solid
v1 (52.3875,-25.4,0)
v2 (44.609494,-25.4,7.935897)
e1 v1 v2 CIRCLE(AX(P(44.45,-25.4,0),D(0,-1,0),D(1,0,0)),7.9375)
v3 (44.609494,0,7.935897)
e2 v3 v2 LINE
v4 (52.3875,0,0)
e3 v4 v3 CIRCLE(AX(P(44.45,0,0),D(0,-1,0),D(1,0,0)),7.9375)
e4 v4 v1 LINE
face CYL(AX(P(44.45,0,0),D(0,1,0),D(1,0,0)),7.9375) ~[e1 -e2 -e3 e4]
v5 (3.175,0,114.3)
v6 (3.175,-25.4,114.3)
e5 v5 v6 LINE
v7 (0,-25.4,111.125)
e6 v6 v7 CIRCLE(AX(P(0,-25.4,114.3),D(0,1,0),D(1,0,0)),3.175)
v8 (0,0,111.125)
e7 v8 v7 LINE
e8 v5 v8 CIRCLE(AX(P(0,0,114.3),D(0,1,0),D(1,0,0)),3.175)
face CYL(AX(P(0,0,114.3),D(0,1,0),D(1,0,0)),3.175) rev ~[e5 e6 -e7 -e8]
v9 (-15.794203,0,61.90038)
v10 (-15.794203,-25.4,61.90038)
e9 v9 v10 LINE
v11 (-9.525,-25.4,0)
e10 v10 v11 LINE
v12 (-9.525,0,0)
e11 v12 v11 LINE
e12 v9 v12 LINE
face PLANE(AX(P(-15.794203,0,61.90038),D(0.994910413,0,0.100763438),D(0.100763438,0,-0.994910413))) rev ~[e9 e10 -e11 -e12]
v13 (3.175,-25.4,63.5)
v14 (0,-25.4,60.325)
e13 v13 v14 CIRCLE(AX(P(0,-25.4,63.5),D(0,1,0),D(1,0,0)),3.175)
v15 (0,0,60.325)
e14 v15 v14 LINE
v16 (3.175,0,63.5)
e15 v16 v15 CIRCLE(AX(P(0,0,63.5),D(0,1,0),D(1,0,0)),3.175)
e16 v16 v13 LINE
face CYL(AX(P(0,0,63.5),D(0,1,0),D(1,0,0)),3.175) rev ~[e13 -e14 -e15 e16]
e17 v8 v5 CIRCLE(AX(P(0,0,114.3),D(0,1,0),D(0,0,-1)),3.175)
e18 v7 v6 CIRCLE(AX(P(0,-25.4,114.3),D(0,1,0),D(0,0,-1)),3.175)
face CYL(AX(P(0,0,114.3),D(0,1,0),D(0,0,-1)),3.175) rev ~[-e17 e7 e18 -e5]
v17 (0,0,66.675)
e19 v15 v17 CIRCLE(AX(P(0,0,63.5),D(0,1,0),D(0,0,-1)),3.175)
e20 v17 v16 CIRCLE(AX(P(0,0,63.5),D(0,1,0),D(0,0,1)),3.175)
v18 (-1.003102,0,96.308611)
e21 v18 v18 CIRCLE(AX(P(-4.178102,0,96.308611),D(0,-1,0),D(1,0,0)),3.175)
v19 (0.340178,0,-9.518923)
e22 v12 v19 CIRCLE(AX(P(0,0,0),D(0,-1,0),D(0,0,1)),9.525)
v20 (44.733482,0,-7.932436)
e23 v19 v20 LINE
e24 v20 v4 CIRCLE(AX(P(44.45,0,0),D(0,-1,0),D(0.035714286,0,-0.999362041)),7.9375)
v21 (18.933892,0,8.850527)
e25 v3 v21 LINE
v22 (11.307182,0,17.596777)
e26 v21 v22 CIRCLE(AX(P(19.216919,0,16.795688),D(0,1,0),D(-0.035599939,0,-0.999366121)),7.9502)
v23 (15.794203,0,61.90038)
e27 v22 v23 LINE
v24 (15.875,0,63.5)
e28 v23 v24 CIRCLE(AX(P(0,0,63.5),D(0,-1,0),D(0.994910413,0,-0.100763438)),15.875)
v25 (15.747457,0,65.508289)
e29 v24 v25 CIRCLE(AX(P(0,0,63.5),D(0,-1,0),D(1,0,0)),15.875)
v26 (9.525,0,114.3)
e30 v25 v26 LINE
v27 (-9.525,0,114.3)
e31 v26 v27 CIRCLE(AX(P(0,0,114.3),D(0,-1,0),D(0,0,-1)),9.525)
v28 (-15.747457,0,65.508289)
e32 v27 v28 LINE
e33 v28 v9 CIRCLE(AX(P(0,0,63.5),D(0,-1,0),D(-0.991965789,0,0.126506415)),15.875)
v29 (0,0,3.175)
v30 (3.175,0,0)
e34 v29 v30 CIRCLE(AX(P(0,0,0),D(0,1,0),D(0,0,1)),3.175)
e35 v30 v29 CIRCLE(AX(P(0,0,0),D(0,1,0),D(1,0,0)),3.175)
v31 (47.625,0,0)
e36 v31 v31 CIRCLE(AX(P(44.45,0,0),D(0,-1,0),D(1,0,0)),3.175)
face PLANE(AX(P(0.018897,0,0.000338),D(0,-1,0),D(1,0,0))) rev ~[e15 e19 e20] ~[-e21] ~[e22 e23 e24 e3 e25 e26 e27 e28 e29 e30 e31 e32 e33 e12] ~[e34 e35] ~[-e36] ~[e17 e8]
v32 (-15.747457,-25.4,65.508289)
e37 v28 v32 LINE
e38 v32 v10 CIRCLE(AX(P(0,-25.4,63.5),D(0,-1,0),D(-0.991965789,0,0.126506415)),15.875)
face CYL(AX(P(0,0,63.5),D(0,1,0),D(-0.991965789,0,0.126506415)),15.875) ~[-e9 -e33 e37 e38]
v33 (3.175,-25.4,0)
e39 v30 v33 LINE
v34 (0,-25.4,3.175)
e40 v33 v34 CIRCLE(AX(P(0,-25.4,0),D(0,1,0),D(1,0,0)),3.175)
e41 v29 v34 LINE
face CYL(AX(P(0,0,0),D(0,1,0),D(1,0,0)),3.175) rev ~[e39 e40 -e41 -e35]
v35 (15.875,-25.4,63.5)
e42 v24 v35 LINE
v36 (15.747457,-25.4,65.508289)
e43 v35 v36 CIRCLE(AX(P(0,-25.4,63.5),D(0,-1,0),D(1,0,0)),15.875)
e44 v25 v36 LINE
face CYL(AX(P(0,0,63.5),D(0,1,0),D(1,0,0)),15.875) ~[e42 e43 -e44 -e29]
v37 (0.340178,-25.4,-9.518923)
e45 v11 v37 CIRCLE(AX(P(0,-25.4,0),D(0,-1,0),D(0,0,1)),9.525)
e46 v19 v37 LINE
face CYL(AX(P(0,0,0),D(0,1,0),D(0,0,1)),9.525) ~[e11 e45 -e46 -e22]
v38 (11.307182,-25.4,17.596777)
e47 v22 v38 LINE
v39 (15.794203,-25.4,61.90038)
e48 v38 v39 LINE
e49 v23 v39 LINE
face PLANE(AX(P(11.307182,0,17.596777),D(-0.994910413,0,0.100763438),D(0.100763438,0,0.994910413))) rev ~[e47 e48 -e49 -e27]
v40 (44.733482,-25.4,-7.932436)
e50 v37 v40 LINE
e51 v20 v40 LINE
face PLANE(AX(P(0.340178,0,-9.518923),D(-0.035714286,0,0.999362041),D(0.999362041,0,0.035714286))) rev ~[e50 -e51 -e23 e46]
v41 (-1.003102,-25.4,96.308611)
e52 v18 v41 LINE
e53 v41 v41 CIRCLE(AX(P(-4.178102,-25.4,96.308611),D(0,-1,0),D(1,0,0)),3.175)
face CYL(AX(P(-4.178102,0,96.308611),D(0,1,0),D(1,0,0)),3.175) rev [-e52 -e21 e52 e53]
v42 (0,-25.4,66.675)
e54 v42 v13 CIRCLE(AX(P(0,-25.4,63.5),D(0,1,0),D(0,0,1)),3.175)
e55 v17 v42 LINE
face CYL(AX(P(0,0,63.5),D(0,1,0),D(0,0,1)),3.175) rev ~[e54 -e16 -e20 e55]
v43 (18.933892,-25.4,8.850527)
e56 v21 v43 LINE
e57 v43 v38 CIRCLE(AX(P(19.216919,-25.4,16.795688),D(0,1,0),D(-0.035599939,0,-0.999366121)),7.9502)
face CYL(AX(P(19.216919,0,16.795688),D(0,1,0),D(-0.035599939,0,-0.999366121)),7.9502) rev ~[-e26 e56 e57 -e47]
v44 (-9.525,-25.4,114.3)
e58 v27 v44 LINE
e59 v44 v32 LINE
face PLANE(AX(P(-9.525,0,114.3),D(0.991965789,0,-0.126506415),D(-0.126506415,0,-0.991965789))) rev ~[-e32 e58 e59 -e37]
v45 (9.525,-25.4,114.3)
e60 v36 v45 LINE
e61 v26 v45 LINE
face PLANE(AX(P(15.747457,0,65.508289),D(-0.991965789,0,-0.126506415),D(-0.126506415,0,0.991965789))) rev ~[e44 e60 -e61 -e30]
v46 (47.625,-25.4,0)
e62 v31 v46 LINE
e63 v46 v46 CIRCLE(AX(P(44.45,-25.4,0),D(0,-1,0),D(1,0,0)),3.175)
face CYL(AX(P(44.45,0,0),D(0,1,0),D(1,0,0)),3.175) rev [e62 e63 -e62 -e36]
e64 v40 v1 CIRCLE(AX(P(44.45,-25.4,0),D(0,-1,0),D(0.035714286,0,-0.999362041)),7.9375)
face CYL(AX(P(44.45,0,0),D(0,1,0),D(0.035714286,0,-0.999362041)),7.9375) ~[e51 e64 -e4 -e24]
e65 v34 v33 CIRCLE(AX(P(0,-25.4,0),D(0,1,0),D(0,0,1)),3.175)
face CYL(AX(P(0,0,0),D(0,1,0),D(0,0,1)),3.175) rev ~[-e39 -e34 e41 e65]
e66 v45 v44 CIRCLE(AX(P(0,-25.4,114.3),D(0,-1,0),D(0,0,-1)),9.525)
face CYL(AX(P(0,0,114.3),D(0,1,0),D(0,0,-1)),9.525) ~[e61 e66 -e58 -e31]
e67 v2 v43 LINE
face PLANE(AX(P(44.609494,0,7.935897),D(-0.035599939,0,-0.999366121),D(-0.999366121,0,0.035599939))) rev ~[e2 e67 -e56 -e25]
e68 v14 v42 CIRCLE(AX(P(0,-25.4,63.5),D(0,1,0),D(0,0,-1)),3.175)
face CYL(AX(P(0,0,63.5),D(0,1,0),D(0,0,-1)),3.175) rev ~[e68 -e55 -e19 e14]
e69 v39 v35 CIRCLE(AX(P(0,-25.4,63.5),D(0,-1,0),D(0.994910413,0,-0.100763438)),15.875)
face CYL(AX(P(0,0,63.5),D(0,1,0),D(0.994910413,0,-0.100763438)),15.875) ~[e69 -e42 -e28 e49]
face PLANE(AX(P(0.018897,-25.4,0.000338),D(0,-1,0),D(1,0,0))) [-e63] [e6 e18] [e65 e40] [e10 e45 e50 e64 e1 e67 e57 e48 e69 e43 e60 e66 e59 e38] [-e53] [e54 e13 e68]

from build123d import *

# Parameters (mm, degrees)
F0_R     = 3.175
F1_DEPTH = 25.4


with BuildPart() as f1:
    # F0 (on Front) → F1 (new body)
    with BuildSketch(Plane.XZ):
        with BuildLine():
            ThreePointArc((9.525, 0), (6.7351920908, 6.7351920908), (0, 9.525))
            ThreePointArc((0, 9.525), (-6.7351920908, 6.7351920908), (-9.525, 0))
            ThreePointArc((-9.525, 0), (-6.6138274083, -6.8544082176), (0.3401783754, -9.5189234514))
            ThreePointArc((0.3401783754, -9.5189234514), (6.8544082176, -6.6138274083), (9.525, 0))
        make_face()
        with BuildLine():
            ThreePointArc((3.175, 0), (-2.2450640303, -2.2450640303), (0, 3.175))
            ThreePointArc((0, 3.175), (2.2450640303, 2.2450640303), (3.175, 0))
        make_face(mode=Mode.SUBTRACT)
        with BuildLine():
            ThreePointArc((-9.525, 0), (-6.7351920908, 6.7351920908), (0, 9.525))
            Line((0, 9.525), (0, 47.625))
            ThreePointArc((0, 47.625), (-10.644756084, 51.722700101), (-15.7942028036, 61.9003804205))
            Line((-15.7942028036, 61.9003804205), (-9.525, 0))
        make_face()
        with BuildLine():
            Line((0, 47.625), (0, 9.525))
            ThreePointArc((0, 9.525), (6.7351920908, 6.7351920908), (9.525, 0))
            ThreePointArc((9.525, 0), (6.8544082176, -6.6138274083), (0.3401783754, -9.5189234514))
            Line((0.3401783754, -9.5189234514), (44.7334821429, -7.9324362036))
            ThreePointArc((44.7334821429, -7.9324362036), (36.5127422872, -0.0620181515), (44.6094941417, 7.9358974205))
            Line((44.6094941417, 7.9358974205), (18.9338924558, 8.8505270449))
            ThreePointArc((18.9338924558, 8.8505270449), (13.2248772537, 11.5706407269), (11.3071823287, 17.5967770675))
            Line((11.3071823287, 17.5967770675), (15.7942028036, 61.9003804205))
            ThreePointArc((15.7942028036, 61.9003804205), (10.644756084, 51.722700101), (0, 47.625))
        make_face()
        with BuildLine():
            ThreePointArc((-15.7942028036, 61.9003804205), (-10.644756084, 51.722700101), (0, 47.625))
            Line((0, 47.625), (0, 60.325))
            ThreePointArc((0, 60.325), (-3.175, 63.5), (0, 66.675))
            Line((0, 66.675), (0, 79.375))
            ThreePointArc((0, 79.375), (-10.4912828548, 75.4142187767), (-15.7474569047, 65.5082893304))
            ThreePointArc((-15.7474569047, 65.5082893304), (-15.873667691, 63.7056672947), (-15.7942028036, 61.9003804205))
        make_face()
        with BuildLine():
            Line((0, 60.325), (0, 47.625))
            ThreePointArc((0, 47.625), (10.644756084, 51.722700101), (15.7942028036, 61.9003804205))
            ThreePointArc((15.7942028036, 61.9003804205), (15.8547878338, 62.6991705884), (15.875, 63.5))
            ThreePointArc((15.875, 63.5), (15.8430821396, 64.5061676396), (15.7474569047, 65.5082893304))
            ThreePointArc((15.7474569047, 65.5082893304), (10.4912828548, 75.4142187767), (0, 79.375))
            Line((0, 79.375), (0, 66.675))
            ThreePointArc((0, 66.675), (2.2450640303, 65.7450640303), (3.175, 63.5))
            ThreePointArc((3.175, 63.5), (2.2450640303, 61.2549359697), (0, 60.325))
        make_face()
        with BuildLine():
            Line((-9.525, 114.3), (-15.7474569047, 65.5082893304))
            ThreePointArc((-15.7474569047, 65.5082893304), (-10.4912828548, 75.4142187767), (0, 79.375))
            Line((0, 79.375), (0, 104.775))
            ThreePointArc((0, 104.775), (-6.7351920908, 107.5648079092), (-9.525, 114.3))
        make_face()
        with Locations((-4.1781016625, 96.3086113334)):
            Circle(F0_R, mode=Mode.SUBTRACT)
        with BuildLine():
            ThreePointArc((44.6094941417, 7.9358974205), (36.5127422872, -0.0620181515), (44.7334821429, -7.9324362036))
            ThreePointArc((44.7334821429, -7.9324362036), (50.1620069047, -5.5115227815), (52.3875, 0))
            ThreePointArc((52.3875, 0), (50.1187693109, 5.5559842287), (44.6094941417, 7.9358974205))
        make_face()
        with Locations((44.45, 0)):
            Circle(F0_R, mode=Mode.SUBTRACT)
        with BuildLine():
            Line((0, 104.775), (0, 79.375))
            ThreePointArc((0, 79.375), (10.4912828548, 75.4142187767), (15.7474569047, 65.5082893304))
            Line((15.7474569047, 65.5082893304), (9.525, 114.3))
            ThreePointArc((9.525, 114.3), (6.7351920908, 107.5648079092), (0, 104.775))
        make_face()
        with BuildLine():
            ThreePointArc((9.525, 114.3), (0, 123.825), (-9.525, 114.3))
            ThreePointArc((-9.525, 114.3), (-6.7351920908, 107.5648079092), (0, 104.775))
            ThreePointArc((0, 104.775), (6.7351920908, 107.5648079092), (9.525, 114.3))
        make_face()
        with BuildLine():
            ThreePointArc((3.175, 114.3), (2.2450640303, 112.0549359697), (0, 111.125))
            ThreePointArc((0, 111.125), (-2.2450640303, 116.5450640303), (3.175, 114.3))
        make_face(mode=Mode.SUBTRACT)
    extrude(amount=F1_DEPTH)


solid = f1.part
